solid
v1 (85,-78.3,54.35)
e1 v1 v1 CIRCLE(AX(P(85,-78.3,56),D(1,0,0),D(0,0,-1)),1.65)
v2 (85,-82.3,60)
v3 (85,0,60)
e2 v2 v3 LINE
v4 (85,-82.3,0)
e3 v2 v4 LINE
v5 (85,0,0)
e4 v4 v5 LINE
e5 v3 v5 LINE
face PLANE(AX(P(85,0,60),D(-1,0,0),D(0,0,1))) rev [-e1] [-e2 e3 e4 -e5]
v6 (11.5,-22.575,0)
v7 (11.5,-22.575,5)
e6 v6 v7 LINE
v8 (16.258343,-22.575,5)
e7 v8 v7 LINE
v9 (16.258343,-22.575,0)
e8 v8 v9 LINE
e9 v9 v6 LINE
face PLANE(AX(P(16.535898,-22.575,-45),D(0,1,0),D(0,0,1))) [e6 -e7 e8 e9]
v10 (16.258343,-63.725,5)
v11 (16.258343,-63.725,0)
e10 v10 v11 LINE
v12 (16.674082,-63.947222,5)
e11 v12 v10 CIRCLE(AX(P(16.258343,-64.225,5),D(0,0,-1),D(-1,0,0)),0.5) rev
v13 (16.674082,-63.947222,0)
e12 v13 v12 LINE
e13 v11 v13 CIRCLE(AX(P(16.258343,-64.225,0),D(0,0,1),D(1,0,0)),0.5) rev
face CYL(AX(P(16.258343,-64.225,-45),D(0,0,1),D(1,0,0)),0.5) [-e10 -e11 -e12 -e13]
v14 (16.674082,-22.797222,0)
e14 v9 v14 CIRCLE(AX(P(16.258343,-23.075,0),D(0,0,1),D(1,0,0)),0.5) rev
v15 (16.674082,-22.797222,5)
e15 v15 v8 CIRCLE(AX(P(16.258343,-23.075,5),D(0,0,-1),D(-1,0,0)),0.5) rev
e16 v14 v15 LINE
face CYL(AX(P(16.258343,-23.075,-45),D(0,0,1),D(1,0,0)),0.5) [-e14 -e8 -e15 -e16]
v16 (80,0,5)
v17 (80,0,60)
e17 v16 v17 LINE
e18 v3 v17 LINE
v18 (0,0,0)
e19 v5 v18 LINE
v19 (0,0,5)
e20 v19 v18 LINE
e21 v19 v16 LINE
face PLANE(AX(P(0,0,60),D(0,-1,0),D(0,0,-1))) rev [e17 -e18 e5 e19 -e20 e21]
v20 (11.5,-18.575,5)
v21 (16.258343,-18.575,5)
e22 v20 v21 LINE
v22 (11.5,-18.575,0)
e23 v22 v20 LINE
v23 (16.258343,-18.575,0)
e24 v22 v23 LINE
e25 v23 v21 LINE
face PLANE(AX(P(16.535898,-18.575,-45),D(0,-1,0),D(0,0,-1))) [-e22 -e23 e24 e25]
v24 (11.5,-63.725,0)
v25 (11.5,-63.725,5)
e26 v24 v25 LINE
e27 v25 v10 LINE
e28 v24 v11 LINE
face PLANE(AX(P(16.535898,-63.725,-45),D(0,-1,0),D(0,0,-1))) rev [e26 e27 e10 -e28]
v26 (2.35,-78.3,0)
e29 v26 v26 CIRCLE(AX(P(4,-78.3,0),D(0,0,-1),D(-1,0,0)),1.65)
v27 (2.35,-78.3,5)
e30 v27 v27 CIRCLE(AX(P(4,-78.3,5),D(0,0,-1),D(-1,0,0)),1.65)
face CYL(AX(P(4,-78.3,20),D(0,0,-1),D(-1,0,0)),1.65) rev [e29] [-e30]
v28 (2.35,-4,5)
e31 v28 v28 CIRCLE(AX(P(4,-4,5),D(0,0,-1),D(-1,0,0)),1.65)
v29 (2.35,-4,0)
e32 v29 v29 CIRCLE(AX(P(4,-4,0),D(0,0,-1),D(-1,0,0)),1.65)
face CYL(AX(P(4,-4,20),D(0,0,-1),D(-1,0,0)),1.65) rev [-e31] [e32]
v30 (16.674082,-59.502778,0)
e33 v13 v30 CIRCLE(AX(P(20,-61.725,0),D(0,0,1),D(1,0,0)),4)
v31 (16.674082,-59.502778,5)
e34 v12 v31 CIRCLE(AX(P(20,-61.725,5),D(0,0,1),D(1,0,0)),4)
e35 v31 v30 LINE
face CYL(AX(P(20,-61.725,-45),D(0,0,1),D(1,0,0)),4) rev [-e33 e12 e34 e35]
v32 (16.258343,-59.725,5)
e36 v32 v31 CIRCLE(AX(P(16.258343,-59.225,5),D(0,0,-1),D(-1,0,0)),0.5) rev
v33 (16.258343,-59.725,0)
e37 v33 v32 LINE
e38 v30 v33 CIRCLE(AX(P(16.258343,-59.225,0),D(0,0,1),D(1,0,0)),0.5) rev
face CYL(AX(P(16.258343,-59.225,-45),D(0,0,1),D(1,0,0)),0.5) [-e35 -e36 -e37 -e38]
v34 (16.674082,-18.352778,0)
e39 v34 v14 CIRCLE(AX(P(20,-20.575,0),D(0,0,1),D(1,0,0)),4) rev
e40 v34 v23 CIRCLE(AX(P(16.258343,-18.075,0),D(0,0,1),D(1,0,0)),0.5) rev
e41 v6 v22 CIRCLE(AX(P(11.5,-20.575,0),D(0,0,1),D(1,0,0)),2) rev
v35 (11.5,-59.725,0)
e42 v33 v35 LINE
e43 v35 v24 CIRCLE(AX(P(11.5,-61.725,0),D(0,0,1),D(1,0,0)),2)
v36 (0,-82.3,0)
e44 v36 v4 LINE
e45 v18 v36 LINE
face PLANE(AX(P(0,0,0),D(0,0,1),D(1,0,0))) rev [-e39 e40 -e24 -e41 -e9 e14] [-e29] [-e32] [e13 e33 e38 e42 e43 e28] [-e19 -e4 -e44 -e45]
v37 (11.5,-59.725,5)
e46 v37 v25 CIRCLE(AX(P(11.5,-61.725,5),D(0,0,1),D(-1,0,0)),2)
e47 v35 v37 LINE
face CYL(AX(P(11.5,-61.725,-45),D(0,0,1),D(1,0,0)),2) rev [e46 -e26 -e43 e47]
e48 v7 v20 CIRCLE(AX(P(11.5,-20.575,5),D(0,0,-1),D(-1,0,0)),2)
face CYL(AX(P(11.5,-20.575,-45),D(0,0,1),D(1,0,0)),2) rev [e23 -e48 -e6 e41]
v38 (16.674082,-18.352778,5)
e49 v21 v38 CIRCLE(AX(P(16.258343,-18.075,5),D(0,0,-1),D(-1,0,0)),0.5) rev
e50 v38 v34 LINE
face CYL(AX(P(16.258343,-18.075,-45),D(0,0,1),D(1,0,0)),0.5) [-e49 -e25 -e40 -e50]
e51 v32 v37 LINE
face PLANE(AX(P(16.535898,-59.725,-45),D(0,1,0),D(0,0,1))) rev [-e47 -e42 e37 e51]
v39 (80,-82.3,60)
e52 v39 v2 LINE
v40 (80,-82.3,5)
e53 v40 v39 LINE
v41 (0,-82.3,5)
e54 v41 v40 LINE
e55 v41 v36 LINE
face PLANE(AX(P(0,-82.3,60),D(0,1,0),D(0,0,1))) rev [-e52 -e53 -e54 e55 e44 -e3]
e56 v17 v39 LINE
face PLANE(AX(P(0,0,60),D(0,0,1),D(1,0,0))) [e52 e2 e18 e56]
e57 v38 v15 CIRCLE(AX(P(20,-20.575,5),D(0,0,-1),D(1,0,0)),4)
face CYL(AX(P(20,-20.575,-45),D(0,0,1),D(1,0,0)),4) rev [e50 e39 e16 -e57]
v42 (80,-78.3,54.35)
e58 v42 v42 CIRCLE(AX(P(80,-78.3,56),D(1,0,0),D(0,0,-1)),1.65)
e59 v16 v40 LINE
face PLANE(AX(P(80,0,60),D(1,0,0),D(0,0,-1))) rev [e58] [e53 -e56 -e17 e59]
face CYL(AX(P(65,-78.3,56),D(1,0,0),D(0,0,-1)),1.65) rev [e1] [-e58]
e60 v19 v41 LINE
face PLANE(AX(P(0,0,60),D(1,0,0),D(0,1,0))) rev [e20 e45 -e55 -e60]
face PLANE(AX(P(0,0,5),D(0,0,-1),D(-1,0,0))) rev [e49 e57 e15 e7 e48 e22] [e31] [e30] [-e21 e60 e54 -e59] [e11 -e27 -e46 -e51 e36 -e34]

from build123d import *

# Parameters (mm, degrees)
SKETCH1_W            = 85
SKETCH1_H            = 82.3
BOSS_EXTRUDE1_DEPTH  = 60
SKETCH2_W            = 80
SKETCH2_H            = 55
CUT_EXTRUDE1_DEPTH   = 83.3
CUT_EXTRUDE2_DEPTH   = 50
FILLET1_R            = 0.5
FILLET1_OF_MIRROR1_R = 0.5
SKETCH4_R            = 1.65
CUT_EXTRUDE3_DEPTH   = 20
SKETCH5_R            = 1.65
CUT_EXTRUDE4_DEPTH   = 20


with BuildPart() as part:
    # Sketch1 → Boss-Extrude1 (new body)
    with BuildSketch(Plane.XY):
        with Locations((42.5, -41.15)):
            Rectangle(SKETCH1_W, SKETCH1_H)
    extrude(amount=BOSS_EXTRUDE1_DEPTH)

    # Sketch2 → Cut-Extrude1 (cut, through all)
    with BuildSketch(Plane.XZ.offset(82.3)):
        with Locations((40, 32.5)):
            Rectangle(SKETCH2_W, SKETCH2_H)
    extrude(amount=-CUT_EXTRUDE1_DEPTH, mode=Mode.SUBTRACT)

    # Sketch3 → Cut-Extrude2 (cut)
    with BuildSketch(Plane.XY.offset(5)):
        with BuildLine():
            Line((16.535898385, -63.725), (11.5, -63.725))
            ThreePointArc((11.5, -63.725), (9.5, -61.725), (11.5, -59.725))
            Line((11.5, -59.725), (16.535898385, -59.725))
            ThreePointArc((16.535898385, -59.725), (24, -61.725), (16.535898385, -63.725))
        make_face()
    cut_extrude2 = extrude(amount=-CUT_EXTRUDE2_DEPTH, mode=Mode.SUBTRACT)

    # Fillet1
    fillet1_edges = [part.edges().sort_by_distance(p)[0] for p in [
        (16.535898385, -59.725, 2.5),
        (16.535898385, -63.725, 2.5),
    ]]
    fillet(fillet1_edges, radius=FILLET1_R)

    # Mirror1: Cut-Extrude2 across plane
    add(cut_extrude2.mirror(Plane(origin=(0, -41.15, 0), x_dir=(0, 0, 1), z_dir=(0, -1, 0))), mode=Mode.SUBTRACT)

    # Fillet1 of Mirror1
    fillet1_of_mirror1_edges = [part.edges().sort_by_distance(p)[0] for p in [
        (16.535898385, -22.575, 2.5),
        (16.535898385, -18.575, 2.5),
    ]]
    fillet(fillet1_of_mirror1_edges, radius=FILLET1_OF_MIRROR1_R)

    # Sketch4 → Cut-Extrude3 (cut)
    with BuildSketch(Plane(origin=(85, 0, 0), x_dir=(0, 0, -1), z_dir=(1, 0, 0))):
        with Locations((-56, -78.3)):
            Circle(SKETCH4_R)
    extrude(amount=-CUT_EXTRUDE3_DEPTH, mode=Mode.SUBTRACT)

    # Sketch5 → Cut-Extrude4 (cut)
    with BuildSketch(Plane(origin=(0, 0, 0), x_dir=(-1, 0, 0), z_dir=(0, 0, -1))):
        with Locations((-4, -4)):
            Circle(SKETCH5_R)
        with Locations((-4, -78.3)):
            Circle(SKETCH5_R)
    extrude(amount=-CUT_EXTRUDE4_DEPTH, mode=Mode.SUBTRACT)


solid = part.part
